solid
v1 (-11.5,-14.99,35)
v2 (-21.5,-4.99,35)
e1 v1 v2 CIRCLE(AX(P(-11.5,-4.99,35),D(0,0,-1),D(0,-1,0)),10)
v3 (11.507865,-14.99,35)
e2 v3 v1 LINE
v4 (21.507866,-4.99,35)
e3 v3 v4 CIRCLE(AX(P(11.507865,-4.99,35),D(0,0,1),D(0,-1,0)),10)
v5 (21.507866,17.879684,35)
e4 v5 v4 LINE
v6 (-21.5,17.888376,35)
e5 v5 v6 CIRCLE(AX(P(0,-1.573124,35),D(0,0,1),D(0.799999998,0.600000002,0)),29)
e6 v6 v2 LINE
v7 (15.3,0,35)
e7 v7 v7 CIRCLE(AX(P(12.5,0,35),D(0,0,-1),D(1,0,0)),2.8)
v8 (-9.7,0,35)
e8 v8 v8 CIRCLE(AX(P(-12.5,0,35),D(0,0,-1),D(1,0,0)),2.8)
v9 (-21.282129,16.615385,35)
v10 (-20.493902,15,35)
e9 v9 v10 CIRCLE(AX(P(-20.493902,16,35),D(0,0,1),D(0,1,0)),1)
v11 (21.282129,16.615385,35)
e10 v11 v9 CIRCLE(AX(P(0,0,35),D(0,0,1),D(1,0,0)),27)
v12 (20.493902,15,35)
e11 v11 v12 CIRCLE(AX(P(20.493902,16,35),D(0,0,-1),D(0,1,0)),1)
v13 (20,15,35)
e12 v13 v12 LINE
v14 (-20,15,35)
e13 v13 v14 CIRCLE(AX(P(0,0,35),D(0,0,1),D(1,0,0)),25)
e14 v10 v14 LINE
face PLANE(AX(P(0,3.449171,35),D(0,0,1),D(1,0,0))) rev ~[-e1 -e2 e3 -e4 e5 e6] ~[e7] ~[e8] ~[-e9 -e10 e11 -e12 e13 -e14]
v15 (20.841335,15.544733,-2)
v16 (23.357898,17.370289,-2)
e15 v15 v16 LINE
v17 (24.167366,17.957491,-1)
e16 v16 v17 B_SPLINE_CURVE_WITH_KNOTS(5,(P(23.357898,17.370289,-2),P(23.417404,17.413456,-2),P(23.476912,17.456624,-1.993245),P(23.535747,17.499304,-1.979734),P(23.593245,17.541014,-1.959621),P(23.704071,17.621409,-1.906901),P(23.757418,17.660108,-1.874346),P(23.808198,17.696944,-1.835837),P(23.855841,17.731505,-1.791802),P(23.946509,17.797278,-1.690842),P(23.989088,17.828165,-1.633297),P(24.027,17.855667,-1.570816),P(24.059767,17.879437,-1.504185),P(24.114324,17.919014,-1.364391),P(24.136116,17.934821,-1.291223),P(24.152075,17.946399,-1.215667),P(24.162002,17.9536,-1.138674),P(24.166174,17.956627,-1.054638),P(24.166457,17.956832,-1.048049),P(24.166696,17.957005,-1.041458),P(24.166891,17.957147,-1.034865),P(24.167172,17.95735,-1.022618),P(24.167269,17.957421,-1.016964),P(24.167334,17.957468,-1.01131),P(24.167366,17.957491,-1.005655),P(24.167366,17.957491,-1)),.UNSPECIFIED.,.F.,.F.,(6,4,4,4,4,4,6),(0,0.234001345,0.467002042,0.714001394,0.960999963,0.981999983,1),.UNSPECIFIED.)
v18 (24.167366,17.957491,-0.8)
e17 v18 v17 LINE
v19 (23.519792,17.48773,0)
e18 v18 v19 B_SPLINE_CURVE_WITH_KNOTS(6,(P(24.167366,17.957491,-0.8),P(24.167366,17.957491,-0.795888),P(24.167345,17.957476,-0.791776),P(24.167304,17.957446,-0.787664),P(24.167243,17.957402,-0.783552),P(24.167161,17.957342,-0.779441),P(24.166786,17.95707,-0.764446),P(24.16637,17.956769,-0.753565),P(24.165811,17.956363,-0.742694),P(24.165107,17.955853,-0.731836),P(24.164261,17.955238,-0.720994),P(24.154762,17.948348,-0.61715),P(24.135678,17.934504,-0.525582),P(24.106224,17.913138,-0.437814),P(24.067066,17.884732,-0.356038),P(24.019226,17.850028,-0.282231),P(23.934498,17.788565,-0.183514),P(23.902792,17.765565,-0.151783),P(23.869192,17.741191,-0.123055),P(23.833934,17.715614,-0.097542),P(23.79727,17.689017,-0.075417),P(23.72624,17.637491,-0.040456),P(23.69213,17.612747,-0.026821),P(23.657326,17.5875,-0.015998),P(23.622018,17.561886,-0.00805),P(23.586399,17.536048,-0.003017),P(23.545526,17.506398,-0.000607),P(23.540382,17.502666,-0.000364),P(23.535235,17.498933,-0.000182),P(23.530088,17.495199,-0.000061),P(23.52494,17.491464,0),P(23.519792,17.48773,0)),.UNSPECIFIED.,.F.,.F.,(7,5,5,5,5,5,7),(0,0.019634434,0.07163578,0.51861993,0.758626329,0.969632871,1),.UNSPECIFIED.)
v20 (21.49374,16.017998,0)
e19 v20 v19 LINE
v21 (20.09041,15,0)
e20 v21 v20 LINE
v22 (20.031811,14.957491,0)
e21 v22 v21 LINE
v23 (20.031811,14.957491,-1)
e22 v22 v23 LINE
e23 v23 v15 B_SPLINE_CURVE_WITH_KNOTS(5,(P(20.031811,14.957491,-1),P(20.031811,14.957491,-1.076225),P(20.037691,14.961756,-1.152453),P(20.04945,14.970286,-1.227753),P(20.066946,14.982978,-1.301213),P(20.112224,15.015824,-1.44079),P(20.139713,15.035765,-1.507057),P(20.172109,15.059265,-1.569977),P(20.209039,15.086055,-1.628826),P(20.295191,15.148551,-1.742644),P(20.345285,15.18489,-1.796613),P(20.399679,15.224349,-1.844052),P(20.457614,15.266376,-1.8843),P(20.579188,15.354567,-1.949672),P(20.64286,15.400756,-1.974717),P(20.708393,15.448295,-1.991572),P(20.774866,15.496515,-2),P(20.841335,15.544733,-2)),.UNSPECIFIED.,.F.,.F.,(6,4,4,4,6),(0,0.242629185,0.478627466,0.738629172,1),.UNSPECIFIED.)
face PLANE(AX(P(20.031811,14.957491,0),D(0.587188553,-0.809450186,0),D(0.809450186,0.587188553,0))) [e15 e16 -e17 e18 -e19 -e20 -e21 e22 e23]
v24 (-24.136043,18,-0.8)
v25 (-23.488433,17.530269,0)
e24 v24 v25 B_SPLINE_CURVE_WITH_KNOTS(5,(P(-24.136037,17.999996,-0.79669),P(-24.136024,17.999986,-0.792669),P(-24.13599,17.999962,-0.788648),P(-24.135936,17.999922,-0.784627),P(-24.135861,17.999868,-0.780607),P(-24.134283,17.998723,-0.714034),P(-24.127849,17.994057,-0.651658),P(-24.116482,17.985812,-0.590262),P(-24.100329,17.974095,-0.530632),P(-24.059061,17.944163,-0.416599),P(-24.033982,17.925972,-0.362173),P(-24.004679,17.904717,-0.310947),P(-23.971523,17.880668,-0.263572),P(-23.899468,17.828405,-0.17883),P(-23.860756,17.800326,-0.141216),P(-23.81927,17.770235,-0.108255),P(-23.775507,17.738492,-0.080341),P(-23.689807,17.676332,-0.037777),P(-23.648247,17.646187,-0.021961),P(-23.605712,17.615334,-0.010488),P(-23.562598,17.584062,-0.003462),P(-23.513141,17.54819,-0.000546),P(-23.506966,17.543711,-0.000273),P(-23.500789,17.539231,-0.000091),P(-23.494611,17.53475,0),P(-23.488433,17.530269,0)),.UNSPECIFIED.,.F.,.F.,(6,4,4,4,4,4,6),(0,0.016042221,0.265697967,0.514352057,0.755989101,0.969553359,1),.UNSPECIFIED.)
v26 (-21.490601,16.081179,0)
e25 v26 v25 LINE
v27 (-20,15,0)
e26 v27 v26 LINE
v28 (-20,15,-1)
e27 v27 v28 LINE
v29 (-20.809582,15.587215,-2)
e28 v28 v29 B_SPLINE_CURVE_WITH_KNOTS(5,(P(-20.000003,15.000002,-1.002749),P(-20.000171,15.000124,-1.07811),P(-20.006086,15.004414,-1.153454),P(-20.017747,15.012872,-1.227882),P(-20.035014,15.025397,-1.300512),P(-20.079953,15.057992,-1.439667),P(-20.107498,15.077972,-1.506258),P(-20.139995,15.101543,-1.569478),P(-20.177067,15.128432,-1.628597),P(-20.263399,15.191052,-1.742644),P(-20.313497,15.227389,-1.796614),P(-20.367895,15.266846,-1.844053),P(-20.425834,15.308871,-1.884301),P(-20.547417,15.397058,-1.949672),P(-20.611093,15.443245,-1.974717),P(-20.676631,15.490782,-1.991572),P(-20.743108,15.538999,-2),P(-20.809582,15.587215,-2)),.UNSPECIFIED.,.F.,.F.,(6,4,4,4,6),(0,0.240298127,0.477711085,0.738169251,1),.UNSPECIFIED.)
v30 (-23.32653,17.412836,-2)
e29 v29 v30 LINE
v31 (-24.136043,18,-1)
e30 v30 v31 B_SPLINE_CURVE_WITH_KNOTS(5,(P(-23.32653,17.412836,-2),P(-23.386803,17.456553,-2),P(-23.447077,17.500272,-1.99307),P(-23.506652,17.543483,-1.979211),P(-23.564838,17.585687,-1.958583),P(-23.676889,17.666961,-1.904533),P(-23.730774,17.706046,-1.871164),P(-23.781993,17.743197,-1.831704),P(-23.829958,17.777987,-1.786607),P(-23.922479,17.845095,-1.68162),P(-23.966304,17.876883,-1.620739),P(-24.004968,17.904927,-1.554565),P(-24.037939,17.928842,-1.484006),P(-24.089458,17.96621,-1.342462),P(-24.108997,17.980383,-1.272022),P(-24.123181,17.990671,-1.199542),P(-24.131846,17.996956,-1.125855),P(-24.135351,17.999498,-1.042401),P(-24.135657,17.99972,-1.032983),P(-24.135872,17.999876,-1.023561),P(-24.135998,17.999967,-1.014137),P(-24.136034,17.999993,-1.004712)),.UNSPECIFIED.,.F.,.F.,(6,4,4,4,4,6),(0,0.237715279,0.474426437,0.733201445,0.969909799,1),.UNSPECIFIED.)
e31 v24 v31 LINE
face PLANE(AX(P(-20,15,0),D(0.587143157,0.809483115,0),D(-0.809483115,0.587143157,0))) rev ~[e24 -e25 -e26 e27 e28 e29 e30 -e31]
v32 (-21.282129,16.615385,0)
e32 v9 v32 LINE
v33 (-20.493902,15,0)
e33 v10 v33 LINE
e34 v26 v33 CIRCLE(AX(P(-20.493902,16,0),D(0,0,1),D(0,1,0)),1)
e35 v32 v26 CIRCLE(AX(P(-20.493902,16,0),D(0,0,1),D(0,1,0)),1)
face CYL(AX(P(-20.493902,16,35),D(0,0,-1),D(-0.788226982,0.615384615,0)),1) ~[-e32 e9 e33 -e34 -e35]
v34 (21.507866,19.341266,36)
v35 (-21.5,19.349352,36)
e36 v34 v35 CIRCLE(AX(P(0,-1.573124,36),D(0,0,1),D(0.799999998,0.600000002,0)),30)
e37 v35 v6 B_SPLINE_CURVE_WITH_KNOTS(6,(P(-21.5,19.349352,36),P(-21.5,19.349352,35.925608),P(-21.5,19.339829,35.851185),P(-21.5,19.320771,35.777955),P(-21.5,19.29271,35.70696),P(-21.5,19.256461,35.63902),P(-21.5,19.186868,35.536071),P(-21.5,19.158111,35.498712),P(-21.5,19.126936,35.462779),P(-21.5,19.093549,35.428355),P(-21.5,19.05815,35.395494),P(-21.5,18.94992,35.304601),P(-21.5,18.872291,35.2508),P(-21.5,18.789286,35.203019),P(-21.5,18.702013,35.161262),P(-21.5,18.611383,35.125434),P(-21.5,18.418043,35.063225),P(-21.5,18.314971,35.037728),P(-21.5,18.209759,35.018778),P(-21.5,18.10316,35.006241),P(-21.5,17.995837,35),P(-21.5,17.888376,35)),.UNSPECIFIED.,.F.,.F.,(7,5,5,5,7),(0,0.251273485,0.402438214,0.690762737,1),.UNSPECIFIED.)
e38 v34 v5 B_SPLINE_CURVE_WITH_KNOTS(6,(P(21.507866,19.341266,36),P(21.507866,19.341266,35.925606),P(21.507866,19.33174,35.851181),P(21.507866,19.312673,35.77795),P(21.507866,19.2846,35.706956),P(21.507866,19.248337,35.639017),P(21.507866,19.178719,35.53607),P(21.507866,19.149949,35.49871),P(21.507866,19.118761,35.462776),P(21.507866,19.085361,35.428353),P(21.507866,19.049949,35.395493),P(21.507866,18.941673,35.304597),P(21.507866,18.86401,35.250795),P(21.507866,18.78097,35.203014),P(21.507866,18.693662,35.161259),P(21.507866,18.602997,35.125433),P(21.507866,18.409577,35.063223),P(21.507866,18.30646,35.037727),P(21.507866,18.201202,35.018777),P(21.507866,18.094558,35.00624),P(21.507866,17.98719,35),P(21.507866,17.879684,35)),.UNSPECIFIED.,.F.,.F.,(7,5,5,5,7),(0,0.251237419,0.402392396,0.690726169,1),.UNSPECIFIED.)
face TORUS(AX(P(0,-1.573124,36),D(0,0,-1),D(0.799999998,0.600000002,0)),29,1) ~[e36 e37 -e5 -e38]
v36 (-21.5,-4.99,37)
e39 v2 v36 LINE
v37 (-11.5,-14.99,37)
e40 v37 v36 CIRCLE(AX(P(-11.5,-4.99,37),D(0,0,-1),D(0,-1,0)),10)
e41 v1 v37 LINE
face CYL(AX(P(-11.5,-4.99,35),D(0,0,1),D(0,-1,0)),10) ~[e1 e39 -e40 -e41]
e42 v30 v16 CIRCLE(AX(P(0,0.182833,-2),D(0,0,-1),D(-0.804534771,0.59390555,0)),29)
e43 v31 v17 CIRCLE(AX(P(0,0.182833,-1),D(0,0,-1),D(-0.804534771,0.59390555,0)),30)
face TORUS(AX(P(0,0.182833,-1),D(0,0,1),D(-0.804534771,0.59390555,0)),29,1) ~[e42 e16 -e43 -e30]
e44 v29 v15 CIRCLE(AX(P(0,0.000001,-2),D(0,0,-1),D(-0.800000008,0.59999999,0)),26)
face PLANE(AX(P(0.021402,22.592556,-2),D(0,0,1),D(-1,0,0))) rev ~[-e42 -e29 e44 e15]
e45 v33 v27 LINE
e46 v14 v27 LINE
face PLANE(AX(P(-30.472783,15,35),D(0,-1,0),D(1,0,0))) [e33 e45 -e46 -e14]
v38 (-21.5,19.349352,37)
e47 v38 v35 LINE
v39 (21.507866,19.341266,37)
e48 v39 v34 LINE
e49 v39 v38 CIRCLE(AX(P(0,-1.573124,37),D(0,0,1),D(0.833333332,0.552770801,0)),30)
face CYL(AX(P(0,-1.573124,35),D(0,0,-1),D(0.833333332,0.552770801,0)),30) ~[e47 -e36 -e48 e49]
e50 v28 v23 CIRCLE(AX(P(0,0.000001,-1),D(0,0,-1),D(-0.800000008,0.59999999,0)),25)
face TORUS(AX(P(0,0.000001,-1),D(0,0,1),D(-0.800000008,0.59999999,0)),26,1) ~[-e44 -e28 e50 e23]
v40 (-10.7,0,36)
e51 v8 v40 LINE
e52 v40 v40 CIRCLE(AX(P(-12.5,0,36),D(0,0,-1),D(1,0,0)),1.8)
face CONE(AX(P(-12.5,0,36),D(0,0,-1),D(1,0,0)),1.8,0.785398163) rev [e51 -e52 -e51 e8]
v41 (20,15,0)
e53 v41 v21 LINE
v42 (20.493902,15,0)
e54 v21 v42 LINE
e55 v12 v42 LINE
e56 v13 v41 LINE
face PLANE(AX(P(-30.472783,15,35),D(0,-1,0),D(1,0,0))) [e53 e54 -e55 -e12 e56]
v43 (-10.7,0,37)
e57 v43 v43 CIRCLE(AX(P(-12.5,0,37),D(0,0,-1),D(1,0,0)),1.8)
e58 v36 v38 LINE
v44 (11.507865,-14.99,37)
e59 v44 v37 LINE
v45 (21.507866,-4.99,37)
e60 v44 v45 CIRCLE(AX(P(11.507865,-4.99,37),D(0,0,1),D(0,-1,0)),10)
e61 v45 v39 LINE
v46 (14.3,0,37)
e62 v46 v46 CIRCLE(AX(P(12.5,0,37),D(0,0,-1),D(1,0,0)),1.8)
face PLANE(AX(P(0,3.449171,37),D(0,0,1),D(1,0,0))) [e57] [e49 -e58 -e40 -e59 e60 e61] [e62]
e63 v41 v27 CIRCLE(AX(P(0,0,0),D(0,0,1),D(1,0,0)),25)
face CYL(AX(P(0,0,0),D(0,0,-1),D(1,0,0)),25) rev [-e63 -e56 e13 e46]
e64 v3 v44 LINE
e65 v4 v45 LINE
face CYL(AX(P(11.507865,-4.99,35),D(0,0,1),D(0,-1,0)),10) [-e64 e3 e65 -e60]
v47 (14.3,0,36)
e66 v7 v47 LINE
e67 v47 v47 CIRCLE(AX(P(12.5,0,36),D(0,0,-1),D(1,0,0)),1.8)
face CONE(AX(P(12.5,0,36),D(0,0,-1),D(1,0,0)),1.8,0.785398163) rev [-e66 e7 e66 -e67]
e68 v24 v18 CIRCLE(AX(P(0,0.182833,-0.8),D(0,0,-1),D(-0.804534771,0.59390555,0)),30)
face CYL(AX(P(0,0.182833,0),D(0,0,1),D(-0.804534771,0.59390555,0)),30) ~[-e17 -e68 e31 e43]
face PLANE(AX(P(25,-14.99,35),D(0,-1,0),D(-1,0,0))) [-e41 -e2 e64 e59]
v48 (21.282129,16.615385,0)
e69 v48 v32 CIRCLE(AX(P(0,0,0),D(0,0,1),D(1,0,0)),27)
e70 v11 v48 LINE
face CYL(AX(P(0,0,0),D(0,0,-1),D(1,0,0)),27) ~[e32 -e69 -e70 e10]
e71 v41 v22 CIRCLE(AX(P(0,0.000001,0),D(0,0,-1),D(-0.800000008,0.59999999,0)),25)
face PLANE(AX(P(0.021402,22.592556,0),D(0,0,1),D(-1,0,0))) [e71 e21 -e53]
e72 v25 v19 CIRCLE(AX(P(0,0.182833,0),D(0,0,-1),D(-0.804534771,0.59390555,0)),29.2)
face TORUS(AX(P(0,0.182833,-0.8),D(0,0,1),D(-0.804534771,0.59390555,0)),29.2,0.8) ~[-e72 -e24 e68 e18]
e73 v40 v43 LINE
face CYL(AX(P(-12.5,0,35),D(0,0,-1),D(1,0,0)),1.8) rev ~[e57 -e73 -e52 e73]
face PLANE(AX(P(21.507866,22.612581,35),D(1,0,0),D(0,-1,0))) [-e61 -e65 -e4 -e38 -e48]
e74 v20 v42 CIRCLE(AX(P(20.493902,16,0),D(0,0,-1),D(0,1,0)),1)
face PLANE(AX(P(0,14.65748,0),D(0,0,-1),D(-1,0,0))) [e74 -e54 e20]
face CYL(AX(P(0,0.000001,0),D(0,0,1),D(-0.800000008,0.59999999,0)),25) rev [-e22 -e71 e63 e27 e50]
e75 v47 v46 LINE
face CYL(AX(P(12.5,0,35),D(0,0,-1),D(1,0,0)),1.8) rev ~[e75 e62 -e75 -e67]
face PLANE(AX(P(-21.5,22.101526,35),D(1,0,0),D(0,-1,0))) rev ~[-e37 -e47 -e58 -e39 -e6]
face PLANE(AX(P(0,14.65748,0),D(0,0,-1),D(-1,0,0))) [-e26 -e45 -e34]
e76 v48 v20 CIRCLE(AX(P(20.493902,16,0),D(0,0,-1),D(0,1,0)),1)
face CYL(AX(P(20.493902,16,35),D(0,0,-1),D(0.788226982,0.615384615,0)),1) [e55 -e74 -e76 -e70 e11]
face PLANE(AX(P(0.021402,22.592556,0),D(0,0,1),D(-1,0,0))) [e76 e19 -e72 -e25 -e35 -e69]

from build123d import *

# Parameters (mm, degrees)
PAD_DEPTH       = 35
SKETCH001_W     = 64.566103
SKETCH001_H     = 15
POCKET_DEPTH    = 35
PAD001_DEPTH    = 2
FILLET_R        = 1
FILLET001_R     = 1
FILLET002_R     = 1
FILLET003_R     = 1
FILLET004_R     = 1
PAD002_DEPTH    = 2
FILLET005_R     = 1
FILLET006_R     = 1
FILLET007_R     = 0.8
SKETCH005_R     = 1.8
POCKET001_DEPTH = 5
CHAMFER_SIZE    = 1
CHAMFER001_SIZE = 1
SKETCH006_W     = 10.45074
SKETCH006_H     = 39.185364
POCKET002_DEPTH = 5
SKETCH007_W     = 9.636787
SKETCH007_H     = 41.557176
POCKET003_DEPTH = 5
FILLET008_R     = 10
FILLET009_R     = 10


with BuildPart() as part:
    # Sketch → Pad (new body)
    with BuildSketch(Plane.XY):
        with BuildLine():
            ThreePointArc((25, 0), (0, 25), (-25, 0))
            Line((-27, 0), (-25, 0))
            ThreePointArc((27, 0), (0, 27), (-27, 0))
            Line((27, 0), (25, 0))
        make_face()
    extrude(amount=PAD_DEPTH)

    # Sketch001 (on Face6 of Pad) → Pocket (cut)
    with BuildSketch(Plane.XY.offset(35)):
        with Locations((1.810268, 7.5)):
            Rectangle(SKETCH001_W, SKETCH001_H)
    extrude(amount=-POCKET_DEPTH, mode=Mode.SUBTRACT)

    # Sketch003 (on Face4 of Pocket) → Pad001 (join)
    with BuildSketch(Plane.XY.offset(35)):
        with BuildLine():
            ThreePointArc((25, 15.01), (0, 28.426876), (-25, 15.01))
            Line((-25, -14.99), (-25, 15.01))
            Line((25, -14.99), (-25, -14.99))
            Line((25, 15.01), (25, -14.99))
        make_face()
    extrude(amount=PAD001_DEPTH)

    # Fillet
    fillet_edges = [part.edges().sort_by_distance(p)[0] for p in [
        (25, 0.01, 35),
    ]]
    fillet(fillet_edges, radius=FILLET_R)

    # Fillet001
    fillet001_edges = [part.edges().sort_by_distance(p)[0] for p in [
        (-0.867113, 28.414342, 35),
    ]]
    fillet(fillet001_edges, radius=FILLET001_R)

    # Fillet002
    fillet002_edges = [part.edges().sort_by_distance(p)[0] for p in [
        (-25, -0.933093, 35),
    ]]
    fillet(fillet002_edges, radius=FILLET002_R)

    # Fillet003
    fillet003_edges = [part.edges().sort_by_distance(p)[0] for p in [
        (-22.449944, 15, 17.5),
    ]]
    fillet(fillet003_edges, radius=FILLET003_R)

    # Fillet004
    fillet004_edges = [part.edges().sort_by_distance(p)[0] for p in [
        (22.449944, 15, 17.5),
    ]]
    fillet(fillet004_edges, radius=FILLET004_R)

    # Sketch004 (on Face14 of Fillet004) → Pad002 (join)
    with BuildSketch(Plane(origin=(0, 0, 0), x_dir=(1, 0, 0), z_dir=(0, 0, -1))):
        with BuildLine():
            ThreePointArc((-20, -15), (0.026547, -24.999986), (20.031811, -14.957491))
            Line((20.031811, -14.957491), (24.167366, -17.957491))
            ThreePointArc((-24.136043, -18), (0.026401, -30.182822), (24.167366, -17.957491))
            Line((-20, -15), (-24.136043, -18))
        make_face()
    extrude(amount=PAD002_DEPTH)

    # Fillet005
    fillet005_edges = [part.edges().sort_by_distance(p)[0] for p in [
        (0.026547, 24.999986, -2),
    ]]
    fillet(fillet005_edges, radius=FILLET005_R)

    # Fillet006
    fillet006_edges = [part.edges().sort_by_distance(p)[0] for p in [
        (0.026401, 30.182822, -2),
    ]]
    fillet(fillet006_edges, radius=FILLET006_R)

    # Fillet007
    fillet007_edges = [part.edges().sort_by_distance(p)[0] for p in [
        (0.026401, 30.182822, 0),
    ]]
    fillet(fillet007_edges, radius=FILLET007_R)

    # Sketch005 (on Face18 of Fillet007) → Pocket001 (cut)
    with BuildSketch(Plane(origin=(0, 0, 35), x_dir=(1, 0, 0), z_dir=(0, 0, -1))):
        with Locations((-12.5, 0)):
            Circle(SKETCH005_R)
        with Locations((12.5, 0)):
            Circle(SKETCH005_R)
    extrude(amount=-POCKET001_DEPTH, mode=Mode.SUBTRACT)

    # Chamfer
    chamfer_edges = [part.edges().sort_by_distance(p)[0] for p in [
        (10.7, 0, 35),
    ]]
    chamfer(chamfer_edges, length=CHAMFER_SIZE)

    # Chamfer001
    chamfer001_edges = [part.edges().sort_by_distance(p)[0] for p in [
        (-14.3, 0, 35),
    ]]
    chamfer(chamfer001_edges, length=CHAMFER001_SIZE)

    # Sketch006 (on Face1 of Chamfer001) → Pocket002 (cut)
    with BuildSketch(Plane(origin=(0, 0, 35), x_dir=(1, 0, 0), z_dir=(0, 0, -1))):
        with Locations((-26.72537, -2.508844)):
            Rectangle(SKETCH006_W, SKETCH006_H)
    extrude(amount=-POCKET002_DEPTH, mode=Mode.SUBTRACT)

    # Sketch007 (on Face1 of Pocket002) → Pocket003 (cut)
    with BuildSketch(Plane(origin=(0, 0, 35), x_dir=(1, 0, 0), z_dir=(0, 0, -1))):
        with Locations((26.326259, -1.833993)):
            Rectangle(SKETCH007_W, SKETCH007_H)
    extrude(amount=-POCKET003_DEPTH, mode=Mode.SUBTRACT)

    # Fillet008
    fillet008_edges = [part.edges().sort_by_distance(p)[0] for p in [
        (21.507866, -14.99, 36),
    ]]
    fillet(fillet008_edges, radius=FILLET008_R)

    # Fillet009
    fillet009_edges = [part.edges().sort_by_distance(p)[0] for p in [
        (-21.5, -14.99, 36),
    ]]
    fillet(fillet009_edges, radius=FILLET009_R)


solid = part.part
